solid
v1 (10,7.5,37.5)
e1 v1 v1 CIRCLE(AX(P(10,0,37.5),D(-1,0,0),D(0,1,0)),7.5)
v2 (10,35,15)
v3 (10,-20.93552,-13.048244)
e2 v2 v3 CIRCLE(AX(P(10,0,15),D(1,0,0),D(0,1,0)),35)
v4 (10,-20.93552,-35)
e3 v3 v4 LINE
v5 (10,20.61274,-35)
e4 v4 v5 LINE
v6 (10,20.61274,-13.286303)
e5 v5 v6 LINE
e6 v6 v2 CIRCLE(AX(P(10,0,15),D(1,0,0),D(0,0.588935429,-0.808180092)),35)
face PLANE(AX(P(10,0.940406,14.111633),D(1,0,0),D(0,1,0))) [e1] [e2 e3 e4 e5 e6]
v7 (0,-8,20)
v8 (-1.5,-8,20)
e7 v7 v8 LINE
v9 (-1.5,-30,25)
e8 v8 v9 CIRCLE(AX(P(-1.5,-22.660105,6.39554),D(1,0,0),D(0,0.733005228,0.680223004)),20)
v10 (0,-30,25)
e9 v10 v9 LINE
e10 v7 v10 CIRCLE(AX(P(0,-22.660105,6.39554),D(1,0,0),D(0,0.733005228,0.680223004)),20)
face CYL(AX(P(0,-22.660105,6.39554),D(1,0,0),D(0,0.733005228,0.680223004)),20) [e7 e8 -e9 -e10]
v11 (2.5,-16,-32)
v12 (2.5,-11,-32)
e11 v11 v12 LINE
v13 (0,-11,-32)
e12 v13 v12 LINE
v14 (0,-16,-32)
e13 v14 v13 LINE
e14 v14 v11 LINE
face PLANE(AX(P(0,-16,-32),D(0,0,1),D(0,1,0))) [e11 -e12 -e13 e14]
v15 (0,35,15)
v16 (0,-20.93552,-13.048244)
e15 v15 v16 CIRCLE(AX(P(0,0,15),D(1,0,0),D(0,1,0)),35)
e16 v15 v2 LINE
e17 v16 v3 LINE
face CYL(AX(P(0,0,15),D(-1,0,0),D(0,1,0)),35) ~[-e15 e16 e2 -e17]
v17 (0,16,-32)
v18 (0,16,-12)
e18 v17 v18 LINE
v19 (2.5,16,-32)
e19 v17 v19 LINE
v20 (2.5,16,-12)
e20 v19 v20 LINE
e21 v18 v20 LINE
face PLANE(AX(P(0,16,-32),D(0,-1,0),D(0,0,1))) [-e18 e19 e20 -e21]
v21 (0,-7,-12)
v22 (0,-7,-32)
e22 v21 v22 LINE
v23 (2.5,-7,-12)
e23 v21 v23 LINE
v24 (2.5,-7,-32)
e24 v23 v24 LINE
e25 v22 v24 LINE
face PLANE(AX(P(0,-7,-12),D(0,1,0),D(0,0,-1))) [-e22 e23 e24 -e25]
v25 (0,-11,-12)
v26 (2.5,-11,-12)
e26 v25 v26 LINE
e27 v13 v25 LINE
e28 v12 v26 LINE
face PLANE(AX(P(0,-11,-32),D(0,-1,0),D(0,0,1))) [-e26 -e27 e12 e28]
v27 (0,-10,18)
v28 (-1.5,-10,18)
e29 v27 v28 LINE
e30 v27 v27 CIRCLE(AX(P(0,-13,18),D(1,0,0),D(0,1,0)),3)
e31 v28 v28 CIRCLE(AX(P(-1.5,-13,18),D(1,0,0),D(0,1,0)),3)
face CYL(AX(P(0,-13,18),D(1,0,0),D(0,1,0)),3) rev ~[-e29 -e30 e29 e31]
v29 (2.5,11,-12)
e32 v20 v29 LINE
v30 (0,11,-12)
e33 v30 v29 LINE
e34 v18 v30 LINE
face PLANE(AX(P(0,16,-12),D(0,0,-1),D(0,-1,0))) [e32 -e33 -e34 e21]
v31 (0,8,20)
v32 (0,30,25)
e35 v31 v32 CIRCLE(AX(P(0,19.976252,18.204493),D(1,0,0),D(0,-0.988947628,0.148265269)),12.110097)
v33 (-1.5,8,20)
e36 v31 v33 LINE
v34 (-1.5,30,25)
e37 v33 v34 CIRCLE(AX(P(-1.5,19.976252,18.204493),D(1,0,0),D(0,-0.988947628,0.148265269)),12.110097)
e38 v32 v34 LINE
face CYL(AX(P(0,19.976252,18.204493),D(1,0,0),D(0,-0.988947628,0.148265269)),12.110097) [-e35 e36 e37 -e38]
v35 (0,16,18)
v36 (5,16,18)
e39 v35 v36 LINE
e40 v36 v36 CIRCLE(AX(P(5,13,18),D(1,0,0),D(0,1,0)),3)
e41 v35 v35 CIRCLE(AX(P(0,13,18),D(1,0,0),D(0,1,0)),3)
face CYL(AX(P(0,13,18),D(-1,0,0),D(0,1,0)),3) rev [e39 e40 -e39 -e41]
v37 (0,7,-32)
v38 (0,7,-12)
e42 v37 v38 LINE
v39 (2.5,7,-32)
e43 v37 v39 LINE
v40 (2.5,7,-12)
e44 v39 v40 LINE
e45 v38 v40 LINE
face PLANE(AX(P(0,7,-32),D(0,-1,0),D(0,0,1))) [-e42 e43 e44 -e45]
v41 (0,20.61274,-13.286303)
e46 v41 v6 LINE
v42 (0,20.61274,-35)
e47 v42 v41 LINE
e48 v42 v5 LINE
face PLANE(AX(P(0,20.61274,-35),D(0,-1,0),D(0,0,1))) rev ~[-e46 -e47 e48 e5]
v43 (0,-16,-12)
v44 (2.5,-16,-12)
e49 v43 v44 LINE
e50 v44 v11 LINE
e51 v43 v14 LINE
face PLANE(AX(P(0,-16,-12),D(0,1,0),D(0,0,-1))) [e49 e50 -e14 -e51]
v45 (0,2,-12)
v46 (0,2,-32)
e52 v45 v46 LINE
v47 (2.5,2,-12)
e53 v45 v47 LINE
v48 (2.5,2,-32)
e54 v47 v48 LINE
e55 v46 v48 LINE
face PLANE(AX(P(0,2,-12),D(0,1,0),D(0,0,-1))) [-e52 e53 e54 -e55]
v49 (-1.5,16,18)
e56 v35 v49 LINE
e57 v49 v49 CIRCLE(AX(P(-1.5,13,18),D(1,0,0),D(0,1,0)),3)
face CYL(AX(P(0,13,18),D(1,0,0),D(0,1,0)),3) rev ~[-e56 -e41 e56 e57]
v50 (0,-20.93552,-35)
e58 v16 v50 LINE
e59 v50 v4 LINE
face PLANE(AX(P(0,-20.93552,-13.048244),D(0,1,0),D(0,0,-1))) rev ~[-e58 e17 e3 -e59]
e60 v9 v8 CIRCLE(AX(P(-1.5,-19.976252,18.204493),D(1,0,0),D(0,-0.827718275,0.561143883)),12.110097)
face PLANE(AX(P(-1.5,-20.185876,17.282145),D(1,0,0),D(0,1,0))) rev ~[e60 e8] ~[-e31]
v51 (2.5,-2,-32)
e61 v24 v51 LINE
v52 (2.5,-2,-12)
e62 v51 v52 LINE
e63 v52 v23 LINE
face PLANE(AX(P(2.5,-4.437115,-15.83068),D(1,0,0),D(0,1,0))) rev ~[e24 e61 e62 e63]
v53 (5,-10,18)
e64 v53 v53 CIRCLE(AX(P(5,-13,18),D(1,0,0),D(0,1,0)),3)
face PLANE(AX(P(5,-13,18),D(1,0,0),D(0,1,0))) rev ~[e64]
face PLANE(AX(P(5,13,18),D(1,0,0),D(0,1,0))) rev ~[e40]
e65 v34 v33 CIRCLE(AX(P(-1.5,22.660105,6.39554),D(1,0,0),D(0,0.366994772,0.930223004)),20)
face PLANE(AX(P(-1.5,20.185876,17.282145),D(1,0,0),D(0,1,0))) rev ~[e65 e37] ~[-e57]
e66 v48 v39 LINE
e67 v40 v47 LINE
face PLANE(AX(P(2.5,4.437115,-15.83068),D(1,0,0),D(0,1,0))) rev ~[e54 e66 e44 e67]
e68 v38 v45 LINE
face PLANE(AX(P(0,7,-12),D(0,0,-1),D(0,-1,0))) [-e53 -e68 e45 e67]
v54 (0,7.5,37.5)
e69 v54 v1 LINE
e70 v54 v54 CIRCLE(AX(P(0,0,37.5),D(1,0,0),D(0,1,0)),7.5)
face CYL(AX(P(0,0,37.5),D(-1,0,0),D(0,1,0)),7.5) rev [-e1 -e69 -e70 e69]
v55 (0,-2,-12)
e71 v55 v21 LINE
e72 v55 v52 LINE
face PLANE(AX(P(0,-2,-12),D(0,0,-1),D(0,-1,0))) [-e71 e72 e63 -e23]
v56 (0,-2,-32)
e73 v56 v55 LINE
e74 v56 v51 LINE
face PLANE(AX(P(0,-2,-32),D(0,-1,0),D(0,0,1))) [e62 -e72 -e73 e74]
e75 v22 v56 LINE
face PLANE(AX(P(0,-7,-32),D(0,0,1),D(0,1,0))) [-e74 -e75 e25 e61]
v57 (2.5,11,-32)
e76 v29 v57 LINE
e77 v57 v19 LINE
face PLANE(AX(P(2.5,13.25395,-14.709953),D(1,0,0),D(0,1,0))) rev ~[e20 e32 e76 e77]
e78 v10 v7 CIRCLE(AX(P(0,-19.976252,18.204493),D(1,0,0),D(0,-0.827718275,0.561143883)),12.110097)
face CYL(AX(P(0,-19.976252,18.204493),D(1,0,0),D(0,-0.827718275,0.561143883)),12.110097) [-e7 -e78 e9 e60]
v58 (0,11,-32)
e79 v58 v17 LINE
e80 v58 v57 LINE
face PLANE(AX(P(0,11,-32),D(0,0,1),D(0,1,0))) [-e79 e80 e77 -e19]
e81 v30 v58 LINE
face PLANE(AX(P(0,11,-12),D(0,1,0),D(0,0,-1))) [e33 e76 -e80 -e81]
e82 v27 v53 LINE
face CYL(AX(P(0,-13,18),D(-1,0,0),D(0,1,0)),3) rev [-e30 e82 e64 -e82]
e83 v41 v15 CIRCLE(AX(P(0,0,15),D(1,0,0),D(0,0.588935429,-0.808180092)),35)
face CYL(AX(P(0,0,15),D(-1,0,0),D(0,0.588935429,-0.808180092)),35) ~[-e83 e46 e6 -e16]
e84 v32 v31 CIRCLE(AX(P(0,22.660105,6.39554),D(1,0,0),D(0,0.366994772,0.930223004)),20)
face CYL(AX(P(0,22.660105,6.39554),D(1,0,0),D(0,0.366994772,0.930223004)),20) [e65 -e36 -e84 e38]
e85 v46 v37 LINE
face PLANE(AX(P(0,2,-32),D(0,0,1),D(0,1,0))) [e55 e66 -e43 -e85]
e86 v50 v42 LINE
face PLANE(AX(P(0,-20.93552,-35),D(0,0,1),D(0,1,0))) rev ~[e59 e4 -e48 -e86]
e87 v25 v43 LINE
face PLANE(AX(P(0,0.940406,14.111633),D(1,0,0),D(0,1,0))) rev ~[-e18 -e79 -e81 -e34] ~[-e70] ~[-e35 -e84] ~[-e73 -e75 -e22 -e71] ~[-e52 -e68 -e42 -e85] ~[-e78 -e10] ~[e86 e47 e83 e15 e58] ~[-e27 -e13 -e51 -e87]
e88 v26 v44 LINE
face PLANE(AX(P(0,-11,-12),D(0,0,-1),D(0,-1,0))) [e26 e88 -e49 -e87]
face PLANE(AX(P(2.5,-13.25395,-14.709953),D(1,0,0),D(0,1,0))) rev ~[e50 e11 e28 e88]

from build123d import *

# Parameters (mm, degrees)
F0_R     = 3
F1_DEPTH = 10
F2_DEPTH = 1.5
F3_DEPTH = 5
F5_DEPTH = 2.5
F6_R     = 7.5
F7_DEPTH = 39.2


with BuildPart() as f1:
    # F0 (on Right) → F1 (new body)
    with BuildSketch(Plane.YZ):
        with BuildLine():
            ThreePointArc((20.61274, -13.2863032171), (31.1965214407, -0.8674840476), (35, 15))
            ThreePointArc((35, 15), (-15.6884798499, 46.2869237861), (-20.93552, -13.0482441933))
            Line((-20.93552, -13.0482441933), (-20.93552, -5))
            Line((-20.93552, -5), (20.61274, -5))
            Line((20.61274, -5), (20.61274, -13.2863032171))
        make_face()
        with BuildLine():
            ThreePointArc((-30, 25), (-18.2276824926, 25.8981970324), (-8, 20))
            ThreePointArc((-8, 20), (-22.6601045644, 6.3955399166), (-30, 25))
        make_face(mode=Mode.SUBTRACT)
        with BuildLine():
            ThreePointArc((8, 20), (18.2276824926, 25.8981970324), (30, 25))
            ThreePointArc((30, 25), (22.6601045644, 6.3955399166), (8, 20))
        make_face(mode=Mode.SUBTRACT)
        with BuildLine():
            ThreePointArc((20.61274, -13.2863032171), (-0.2005361733, -19.9994254988), (-20.93552, -13.0482441933))
            Line((-20.93552, -13.0482441933), (-20.93552, -35))
            Line((-20.93552, -35), (20.61274, -35))
            Line((20.61274, -35), (20.61274, -13.2863032171))
        make_face()
        with BuildLine():
            Line((-20.93552, -5), (-20.93552, -13.0482441933))
            ThreePointArc((-20.93552, -13.0482441933), (-0.2005361733, -19.9994254988), (20.61274, -13.2863032171))
            Line((20.61274, -13.2863032171), (20.61274, -5))
            Line((20.61274, -5), (-20.93552, -5))
        make_face()
        with BuildLine():
            ThreePointArc((-30, 25), (-22.6601045644, 6.3955399166), (-8, 20))
            ThreePointArc((-8, 20), (-18.2276824926, 25.8981970324), (-30, 25))
        make_face()
        with Locations((-13, 18)):
            Circle(F0_R, mode=Mode.SUBTRACT)
        with BuildLine():
            ThreePointArc((8, 20), (22.6601045644, 6.3955399166), (30, 25))
            ThreePointArc((30, 25), (18.2276824926, 25.8981970324), (8, 20))
        make_face()
        with Locations((13, 18)):
            Circle(F0_R, mode=Mode.SUBTRACT)
        with Locations((-13, 18)):
            Circle(F0_R)
        with Locations((13, 18)):
            Circle(F0_R)
    extrude(amount=F1_DEPTH)

    # F0 (on Right) → F2 (join)
    with BuildSketch(Plane.YZ):
        with BuildLine():
            ThreePointArc((-30, 25), (-22.6601045644, 6.3955399166), (-8, 20))
            ThreePointArc((-8, 20), (-18.2276824926, 25.8981970324), (-30, 25))
        make_face()
        with Locations((-13, 18)):
            Circle(F0_R, mode=Mode.SUBTRACT)
        with BuildLine():
            ThreePointArc((8, 20), (22.6601045644, 6.3955399166), (30, 25))
            ThreePointArc((30, 25), (18.2276824926, 25.8981970324), (8, 20))
        make_face()
        with Locations((13, 18)):
            Circle(F0_R, mode=Mode.SUBTRACT)
    extrude(amount=-F2_DEPTH)

    # F0 (on Right) → F3 (cut)
    with BuildSketch(Plane.YZ):
        with Locations((-13, 18)):
            Circle(F0_R)
        with Locations((13, 18)):
            Circle(F0_R)
    extrude(amount=F3_DEPTH, mode=Mode.SUBTRACT)

    # F4 (on face) → F5 (cut)
    with BuildSketch(Plane.YZ):
        with BuildLine():
            Line((-11, -12), (-16, -12))
            Line((-16, -12), (-16, -16.1287648325))
            ThreePointArc((-16, -16.1287648325), (-13.5406838246, -17.2746011836), (-11, -18.2264954517))
            Line((-11, -18.2264954517), (-11, -12))
        make_face()
        with BuildLine():
            Line((-7, -12), (-7, -19.292856399))
            ThreePointArc((-7, -19.292856399), (-4.5117191909, -19.7079874084), (-2, -19.9428104193))
            Line((-2, -19.9428104193), (-2, -12))
            Line((-2, -12), (-7, -12))
        make_face()
        with BuildLine():
            Line((2, -12), (2, -19.9428104193))
            ThreePointArc((2, -19.9428104193), (4.5117191909, -19.7079874084), (7, -19.292856399))
            Line((7, -19.292856399), (7, -12))
            Line((7, -12), (2, -12))
        make_face()
        with BuildLine():
            ThreePointArc((11, -18.2264954517), (13.5406838246, -17.2746011836), (16, -16.1287648325))
            Line((16, -16.1287648325), (16, -12))
            Line((16, -12), (11, -12))
            Line((11, -12), (11, -18.2264954517))
        make_face()
        with BuildLine():
            Line((16, -32), (16, -16.1287648325))
            ThreePointArc((16, -16.1287648325), (13.5406838246, -17.2746011836), (11, -18.2264954517))
            Line((11, -18.2264954517), (11, -32))
            Line((11, -32), (16, -32))
        make_face()
        with BuildLine():
            ThreePointArc((-11, -18.2264954517), (-13.5406838246, -17.2746011836), (-16, -16.1287648325))
            Line((-16, -16.1287648325), (-16, -32))
            Line((-16, -32), (-11, -32))
            Line((-11, -32), (-11, -18.2264954517))
        make_face()
        with BuildLine():
            ThreePointArc((7, -19.292856399), (4.5117191909, -19.7079874084), (2, -19.9428104193))
            Line((2, -19.9428104193), (2, -32))
            Line((2, -32), (7, -32))
            Line((7, -32), (7, -19.292856399))
        make_face()
        with BuildLine():
            ThreePointArc((-2, -19.9428104193), (-4.5117191909, -19.7079874084), (-7, -19.292856399))
            Line((-7, -19.292856399), (-7, -32))
            Line((-7, -32), (-2, -32))
            Line((-2, -32), (-2, -19.9428104193))
        make_face()
    extrude(amount=F5_DEPTH, mode=Mode.SUBTRACT)

    # F6 (on face) → F7 (cut)
    with BuildSketch(Plane.YZ):
        with Locations((0, 37.5)):
            Circle(F6_R)
    extrude(amount=F7_DEPTH, mode=Mode.SUBTRACT)


solid = f1.part
